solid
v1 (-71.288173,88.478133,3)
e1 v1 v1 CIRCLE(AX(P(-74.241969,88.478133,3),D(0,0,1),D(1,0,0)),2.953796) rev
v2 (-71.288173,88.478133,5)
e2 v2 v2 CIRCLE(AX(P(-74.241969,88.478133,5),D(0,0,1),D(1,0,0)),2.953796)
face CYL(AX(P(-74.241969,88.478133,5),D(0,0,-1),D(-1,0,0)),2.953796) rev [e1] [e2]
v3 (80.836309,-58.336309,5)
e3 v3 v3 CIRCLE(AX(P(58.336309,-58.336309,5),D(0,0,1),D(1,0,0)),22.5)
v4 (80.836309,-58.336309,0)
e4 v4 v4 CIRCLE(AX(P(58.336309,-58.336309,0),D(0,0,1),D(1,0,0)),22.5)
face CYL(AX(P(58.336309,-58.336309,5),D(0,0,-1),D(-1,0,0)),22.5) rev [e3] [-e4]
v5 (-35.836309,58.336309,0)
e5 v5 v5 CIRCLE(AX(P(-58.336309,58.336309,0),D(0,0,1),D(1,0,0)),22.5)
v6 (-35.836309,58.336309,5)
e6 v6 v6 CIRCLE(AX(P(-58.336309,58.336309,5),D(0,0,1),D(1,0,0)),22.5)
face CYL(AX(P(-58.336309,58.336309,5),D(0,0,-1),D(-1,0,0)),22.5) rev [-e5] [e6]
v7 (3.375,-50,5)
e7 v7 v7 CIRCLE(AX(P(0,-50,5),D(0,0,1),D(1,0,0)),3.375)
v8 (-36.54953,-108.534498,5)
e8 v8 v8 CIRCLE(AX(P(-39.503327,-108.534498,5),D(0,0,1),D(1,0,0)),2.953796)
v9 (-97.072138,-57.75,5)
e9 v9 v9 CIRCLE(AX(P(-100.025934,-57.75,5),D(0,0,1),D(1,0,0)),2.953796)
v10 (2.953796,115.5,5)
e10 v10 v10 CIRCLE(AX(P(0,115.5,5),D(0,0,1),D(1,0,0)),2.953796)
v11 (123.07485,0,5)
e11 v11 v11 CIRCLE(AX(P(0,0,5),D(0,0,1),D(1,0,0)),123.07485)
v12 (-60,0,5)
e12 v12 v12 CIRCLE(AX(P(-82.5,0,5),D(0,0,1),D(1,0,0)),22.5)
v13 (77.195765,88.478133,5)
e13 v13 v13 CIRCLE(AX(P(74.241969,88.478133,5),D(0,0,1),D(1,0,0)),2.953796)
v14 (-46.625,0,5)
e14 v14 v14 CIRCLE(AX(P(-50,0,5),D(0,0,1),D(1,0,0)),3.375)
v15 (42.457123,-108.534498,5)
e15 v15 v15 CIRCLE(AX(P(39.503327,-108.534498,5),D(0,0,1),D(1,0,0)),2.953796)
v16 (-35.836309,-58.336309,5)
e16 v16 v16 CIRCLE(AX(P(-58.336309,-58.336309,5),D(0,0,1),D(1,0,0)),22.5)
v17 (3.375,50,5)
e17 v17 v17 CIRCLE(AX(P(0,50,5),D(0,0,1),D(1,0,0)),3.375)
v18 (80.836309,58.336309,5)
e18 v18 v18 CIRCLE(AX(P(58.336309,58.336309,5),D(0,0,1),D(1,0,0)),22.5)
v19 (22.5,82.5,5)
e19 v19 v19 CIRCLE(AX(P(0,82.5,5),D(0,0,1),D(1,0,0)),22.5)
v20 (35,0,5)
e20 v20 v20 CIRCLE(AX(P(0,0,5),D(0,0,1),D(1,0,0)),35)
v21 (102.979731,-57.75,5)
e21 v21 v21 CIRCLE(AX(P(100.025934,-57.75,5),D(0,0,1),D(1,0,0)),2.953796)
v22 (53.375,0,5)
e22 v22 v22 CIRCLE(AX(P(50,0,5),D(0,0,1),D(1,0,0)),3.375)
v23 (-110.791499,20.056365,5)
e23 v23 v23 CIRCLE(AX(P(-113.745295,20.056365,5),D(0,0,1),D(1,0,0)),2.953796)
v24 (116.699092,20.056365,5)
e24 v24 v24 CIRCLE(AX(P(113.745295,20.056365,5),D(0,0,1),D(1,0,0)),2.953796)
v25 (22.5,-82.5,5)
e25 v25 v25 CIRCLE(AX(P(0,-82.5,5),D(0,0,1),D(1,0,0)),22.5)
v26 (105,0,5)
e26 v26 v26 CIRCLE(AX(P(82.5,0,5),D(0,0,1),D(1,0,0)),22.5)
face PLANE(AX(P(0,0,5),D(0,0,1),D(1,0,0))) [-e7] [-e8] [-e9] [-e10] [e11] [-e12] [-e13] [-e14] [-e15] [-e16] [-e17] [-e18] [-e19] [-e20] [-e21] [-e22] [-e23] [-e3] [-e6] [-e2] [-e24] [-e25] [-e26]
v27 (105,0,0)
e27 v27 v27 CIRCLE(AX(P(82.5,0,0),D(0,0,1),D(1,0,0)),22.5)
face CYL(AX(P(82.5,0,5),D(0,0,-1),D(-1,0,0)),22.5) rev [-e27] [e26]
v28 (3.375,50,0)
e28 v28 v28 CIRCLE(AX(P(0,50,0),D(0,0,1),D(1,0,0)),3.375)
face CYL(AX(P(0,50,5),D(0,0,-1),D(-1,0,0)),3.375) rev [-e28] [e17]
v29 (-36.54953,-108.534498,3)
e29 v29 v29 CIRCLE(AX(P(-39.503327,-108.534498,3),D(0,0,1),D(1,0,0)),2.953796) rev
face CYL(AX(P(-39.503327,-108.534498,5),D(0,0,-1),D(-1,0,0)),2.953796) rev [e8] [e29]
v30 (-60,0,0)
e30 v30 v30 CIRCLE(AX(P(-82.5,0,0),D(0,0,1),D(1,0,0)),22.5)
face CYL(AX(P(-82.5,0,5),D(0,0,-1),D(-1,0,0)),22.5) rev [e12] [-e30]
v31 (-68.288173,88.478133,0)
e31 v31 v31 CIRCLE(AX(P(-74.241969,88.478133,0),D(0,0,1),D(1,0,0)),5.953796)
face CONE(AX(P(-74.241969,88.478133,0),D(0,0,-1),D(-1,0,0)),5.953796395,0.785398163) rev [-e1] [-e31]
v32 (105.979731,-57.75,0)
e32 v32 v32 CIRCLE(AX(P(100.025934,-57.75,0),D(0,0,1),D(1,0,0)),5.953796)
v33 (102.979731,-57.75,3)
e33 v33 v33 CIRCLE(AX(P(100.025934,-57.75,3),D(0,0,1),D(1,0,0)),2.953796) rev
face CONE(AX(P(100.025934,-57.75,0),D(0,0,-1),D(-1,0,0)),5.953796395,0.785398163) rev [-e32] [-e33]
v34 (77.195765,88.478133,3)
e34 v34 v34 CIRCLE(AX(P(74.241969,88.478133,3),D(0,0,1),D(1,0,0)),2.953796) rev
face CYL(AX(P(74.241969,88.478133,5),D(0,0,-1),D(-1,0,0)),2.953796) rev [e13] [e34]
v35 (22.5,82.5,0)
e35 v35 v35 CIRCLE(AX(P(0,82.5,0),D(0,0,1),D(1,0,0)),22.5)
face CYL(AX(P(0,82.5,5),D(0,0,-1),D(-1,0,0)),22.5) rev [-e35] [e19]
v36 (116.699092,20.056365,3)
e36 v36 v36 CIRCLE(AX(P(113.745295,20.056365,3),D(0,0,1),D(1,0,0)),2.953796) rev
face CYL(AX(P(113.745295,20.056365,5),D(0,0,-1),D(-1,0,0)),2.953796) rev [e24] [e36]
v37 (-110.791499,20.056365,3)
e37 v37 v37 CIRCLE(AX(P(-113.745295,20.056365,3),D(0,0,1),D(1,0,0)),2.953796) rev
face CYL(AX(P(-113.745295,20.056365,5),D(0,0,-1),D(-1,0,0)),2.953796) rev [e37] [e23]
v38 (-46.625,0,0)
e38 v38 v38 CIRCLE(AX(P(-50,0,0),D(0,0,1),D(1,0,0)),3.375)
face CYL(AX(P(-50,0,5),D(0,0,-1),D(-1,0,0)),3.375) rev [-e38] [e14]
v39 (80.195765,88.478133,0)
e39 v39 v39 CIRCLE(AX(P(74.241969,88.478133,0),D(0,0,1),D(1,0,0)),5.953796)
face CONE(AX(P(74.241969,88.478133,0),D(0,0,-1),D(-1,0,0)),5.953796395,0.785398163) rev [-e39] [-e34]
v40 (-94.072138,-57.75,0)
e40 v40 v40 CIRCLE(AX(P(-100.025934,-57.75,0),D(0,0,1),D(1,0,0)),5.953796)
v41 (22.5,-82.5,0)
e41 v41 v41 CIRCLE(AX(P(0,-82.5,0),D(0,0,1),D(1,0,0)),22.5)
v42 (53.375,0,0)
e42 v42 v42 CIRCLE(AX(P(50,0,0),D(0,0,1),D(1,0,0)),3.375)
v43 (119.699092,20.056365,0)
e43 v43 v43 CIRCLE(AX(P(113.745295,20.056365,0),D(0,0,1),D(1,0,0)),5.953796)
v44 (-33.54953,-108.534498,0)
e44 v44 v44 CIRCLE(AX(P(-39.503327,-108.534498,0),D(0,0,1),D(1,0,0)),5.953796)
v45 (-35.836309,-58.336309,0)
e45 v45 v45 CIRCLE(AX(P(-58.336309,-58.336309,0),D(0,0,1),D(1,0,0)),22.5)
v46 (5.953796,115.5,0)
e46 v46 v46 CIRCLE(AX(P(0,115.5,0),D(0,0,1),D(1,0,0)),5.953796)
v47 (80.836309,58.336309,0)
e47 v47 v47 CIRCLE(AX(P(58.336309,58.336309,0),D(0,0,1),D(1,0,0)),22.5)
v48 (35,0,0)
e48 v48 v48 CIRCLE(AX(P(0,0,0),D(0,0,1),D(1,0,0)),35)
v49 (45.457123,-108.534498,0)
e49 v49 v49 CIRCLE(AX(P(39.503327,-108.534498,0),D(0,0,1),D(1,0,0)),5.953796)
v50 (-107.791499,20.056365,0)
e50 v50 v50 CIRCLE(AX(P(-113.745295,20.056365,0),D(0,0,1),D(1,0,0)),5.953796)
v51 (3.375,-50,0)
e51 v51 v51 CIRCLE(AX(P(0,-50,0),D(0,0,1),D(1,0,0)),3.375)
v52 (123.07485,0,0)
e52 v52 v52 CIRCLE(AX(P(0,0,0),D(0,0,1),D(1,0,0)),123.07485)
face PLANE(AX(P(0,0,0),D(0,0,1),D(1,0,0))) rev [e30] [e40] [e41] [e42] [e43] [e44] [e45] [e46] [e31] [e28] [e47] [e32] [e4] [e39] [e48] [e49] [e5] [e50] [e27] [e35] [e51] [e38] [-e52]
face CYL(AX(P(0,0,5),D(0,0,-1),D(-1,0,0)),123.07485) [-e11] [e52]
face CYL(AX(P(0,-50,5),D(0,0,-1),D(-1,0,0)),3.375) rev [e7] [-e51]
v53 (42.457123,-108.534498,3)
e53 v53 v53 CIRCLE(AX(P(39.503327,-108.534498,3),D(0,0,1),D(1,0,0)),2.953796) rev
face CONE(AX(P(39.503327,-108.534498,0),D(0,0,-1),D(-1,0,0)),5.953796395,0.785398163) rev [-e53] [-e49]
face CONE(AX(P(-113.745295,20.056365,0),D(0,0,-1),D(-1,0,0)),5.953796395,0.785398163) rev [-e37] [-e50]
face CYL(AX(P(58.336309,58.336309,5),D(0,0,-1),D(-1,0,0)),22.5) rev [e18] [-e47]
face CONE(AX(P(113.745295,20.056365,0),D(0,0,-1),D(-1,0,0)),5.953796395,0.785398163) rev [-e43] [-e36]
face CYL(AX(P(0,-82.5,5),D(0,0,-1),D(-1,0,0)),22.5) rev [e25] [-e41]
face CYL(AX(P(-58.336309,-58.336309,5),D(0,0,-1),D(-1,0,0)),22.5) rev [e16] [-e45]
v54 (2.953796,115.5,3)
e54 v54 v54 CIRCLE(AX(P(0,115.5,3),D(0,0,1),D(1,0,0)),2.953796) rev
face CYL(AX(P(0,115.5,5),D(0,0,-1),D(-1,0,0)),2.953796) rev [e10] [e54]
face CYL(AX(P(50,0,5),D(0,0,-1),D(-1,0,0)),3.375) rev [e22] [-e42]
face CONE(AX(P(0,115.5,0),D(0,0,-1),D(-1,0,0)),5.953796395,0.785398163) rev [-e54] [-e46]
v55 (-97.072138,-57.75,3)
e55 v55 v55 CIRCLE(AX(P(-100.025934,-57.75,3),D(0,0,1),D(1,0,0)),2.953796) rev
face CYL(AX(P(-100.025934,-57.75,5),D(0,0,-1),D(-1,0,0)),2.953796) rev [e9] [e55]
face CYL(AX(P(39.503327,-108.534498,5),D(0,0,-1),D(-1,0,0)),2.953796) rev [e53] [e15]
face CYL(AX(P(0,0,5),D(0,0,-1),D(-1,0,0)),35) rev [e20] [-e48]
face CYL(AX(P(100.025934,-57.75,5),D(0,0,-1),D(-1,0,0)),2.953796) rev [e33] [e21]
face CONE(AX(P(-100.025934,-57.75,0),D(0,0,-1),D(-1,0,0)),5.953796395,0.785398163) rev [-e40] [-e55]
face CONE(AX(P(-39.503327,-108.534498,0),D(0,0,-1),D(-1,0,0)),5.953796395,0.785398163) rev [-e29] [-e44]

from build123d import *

# Parameters (mm, degrees)
ESQUISSE1_R        = 123.074849798
ESQUISSE1_R_2      = 2.953796395
ESQUISSE1_R_3      = 35
ESQUISSE1_R_4      = 3.375
ESQUISSE1_R_5      = 22.5
BOSS_EXTRU_1_DEPTH = 5
CHANFREIN1_SIZE    = 3


with BuildPart() as part:
    # Esquisse1 → Boss.-Extru.1 (new body)
    with BuildSketch(Plane.XY):
        Circle(ESQUISSE1_R)
        with Locations((0, 115.5)):
            Circle(ESQUISSE1_R_2, mode=Mode.SUBTRACT)
        Circle(ESQUISSE1_R_3, mode=Mode.SUBTRACT)
        with Locations((74.241968919, 88.47813318)):
            Circle(ESQUISSE1_R_2, mode=Mode.SUBTRACT)
        with Locations((113.745295473, 20.056364521)):
            Circle(ESQUISSE1_R_2, mode=Mode.SUBTRACT)
        with Locations((100.025934137, -57.75)):
            Circle(ESQUISSE1_R_2, mode=Mode.SUBTRACT)
        with Locations((39.503326554, -108.534497701)):
            Circle(ESQUISSE1_R_2, mode=Mode.SUBTRACT)
        with Locations((-39.503326554, -108.534497701)):
            Circle(ESQUISSE1_R_2, mode=Mode.SUBTRACT)
        with Locations((-100.025934137, -57.75)):
            Circle(ESQUISSE1_R_2, mode=Mode.SUBTRACT)
        with Locations((-113.745295473, 20.056364521)):
            Circle(ESQUISSE1_R_2, mode=Mode.SUBTRACT)
        with Locations((-74.241968919, 88.47813318)):
            Circle(ESQUISSE1_R_2, mode=Mode.SUBTRACT)
        with Locations((0, 50)):
            Circle(ESQUISSE1_R_4, mode=Mode.SUBTRACT)
        with Locations((50, 0)):
            Circle(ESQUISSE1_R_4, mode=Mode.SUBTRACT)
        with Locations((0, -50)):
            Circle(ESQUISSE1_R_4, mode=Mode.SUBTRACT)
        with Locations((-50, 0)):
            Circle(ESQUISSE1_R_4, mode=Mode.SUBTRACT)
        with Locations((0, 82.5)):
            Circle(ESQUISSE1_R_5, mode=Mode.SUBTRACT)
        with Locations((58.336309448, 58.336309448)):
            Circle(ESQUISSE1_R_5, mode=Mode.SUBTRACT)
        with Locations((82.5, 0)):
            Circle(ESQUISSE1_R_5, mode=Mode.SUBTRACT)
        with Locations((58.336309448, -58.336309448)):
            Circle(ESQUISSE1_R_5, mode=Mode.SUBTRACT)
        with Locations((0, -82.5)):
            Circle(ESQUISSE1_R_5, mode=Mode.SUBTRACT)
        with Locations((-58.336309448, -58.336309448)):
            Circle(ESQUISSE1_R_5, mode=Mode.SUBTRACT)
        with Locations((-82.5, 0)):
            Circle(ESQUISSE1_R_5, mode=Mode.SUBTRACT)
        with Locations((-58.336309448, 58.336309448)):
            Circle(ESQUISSE1_R_5, mode=Mode.SUBTRACT)
    extrude(amount=BOSS_EXTRU_1_DEPTH)

    # Chanfrein1
    chanfrein1_edges = [part.edges().sort_by_distance(p)[0] for p in [
        (71.288172524, 88.47813318, 0),
        (110.791499078, 20.056364521, 0),
        (97.072137742, -57.75, 0),
        (36.549530159, -108.534497701, 0),
        (-42.457122949, -108.534497701, 0),
        (-102.979730532, -57.75, 0),
        (-116.699091868, 20.056364521, 0),
        (-77.195765314, 88.47813318, 0),
        (-2.953796395, 115.5, 0),
    ]]
    chamfer(chanfrein1_edges, length=CHANFREIN1_SIZE)


solid = part.part
